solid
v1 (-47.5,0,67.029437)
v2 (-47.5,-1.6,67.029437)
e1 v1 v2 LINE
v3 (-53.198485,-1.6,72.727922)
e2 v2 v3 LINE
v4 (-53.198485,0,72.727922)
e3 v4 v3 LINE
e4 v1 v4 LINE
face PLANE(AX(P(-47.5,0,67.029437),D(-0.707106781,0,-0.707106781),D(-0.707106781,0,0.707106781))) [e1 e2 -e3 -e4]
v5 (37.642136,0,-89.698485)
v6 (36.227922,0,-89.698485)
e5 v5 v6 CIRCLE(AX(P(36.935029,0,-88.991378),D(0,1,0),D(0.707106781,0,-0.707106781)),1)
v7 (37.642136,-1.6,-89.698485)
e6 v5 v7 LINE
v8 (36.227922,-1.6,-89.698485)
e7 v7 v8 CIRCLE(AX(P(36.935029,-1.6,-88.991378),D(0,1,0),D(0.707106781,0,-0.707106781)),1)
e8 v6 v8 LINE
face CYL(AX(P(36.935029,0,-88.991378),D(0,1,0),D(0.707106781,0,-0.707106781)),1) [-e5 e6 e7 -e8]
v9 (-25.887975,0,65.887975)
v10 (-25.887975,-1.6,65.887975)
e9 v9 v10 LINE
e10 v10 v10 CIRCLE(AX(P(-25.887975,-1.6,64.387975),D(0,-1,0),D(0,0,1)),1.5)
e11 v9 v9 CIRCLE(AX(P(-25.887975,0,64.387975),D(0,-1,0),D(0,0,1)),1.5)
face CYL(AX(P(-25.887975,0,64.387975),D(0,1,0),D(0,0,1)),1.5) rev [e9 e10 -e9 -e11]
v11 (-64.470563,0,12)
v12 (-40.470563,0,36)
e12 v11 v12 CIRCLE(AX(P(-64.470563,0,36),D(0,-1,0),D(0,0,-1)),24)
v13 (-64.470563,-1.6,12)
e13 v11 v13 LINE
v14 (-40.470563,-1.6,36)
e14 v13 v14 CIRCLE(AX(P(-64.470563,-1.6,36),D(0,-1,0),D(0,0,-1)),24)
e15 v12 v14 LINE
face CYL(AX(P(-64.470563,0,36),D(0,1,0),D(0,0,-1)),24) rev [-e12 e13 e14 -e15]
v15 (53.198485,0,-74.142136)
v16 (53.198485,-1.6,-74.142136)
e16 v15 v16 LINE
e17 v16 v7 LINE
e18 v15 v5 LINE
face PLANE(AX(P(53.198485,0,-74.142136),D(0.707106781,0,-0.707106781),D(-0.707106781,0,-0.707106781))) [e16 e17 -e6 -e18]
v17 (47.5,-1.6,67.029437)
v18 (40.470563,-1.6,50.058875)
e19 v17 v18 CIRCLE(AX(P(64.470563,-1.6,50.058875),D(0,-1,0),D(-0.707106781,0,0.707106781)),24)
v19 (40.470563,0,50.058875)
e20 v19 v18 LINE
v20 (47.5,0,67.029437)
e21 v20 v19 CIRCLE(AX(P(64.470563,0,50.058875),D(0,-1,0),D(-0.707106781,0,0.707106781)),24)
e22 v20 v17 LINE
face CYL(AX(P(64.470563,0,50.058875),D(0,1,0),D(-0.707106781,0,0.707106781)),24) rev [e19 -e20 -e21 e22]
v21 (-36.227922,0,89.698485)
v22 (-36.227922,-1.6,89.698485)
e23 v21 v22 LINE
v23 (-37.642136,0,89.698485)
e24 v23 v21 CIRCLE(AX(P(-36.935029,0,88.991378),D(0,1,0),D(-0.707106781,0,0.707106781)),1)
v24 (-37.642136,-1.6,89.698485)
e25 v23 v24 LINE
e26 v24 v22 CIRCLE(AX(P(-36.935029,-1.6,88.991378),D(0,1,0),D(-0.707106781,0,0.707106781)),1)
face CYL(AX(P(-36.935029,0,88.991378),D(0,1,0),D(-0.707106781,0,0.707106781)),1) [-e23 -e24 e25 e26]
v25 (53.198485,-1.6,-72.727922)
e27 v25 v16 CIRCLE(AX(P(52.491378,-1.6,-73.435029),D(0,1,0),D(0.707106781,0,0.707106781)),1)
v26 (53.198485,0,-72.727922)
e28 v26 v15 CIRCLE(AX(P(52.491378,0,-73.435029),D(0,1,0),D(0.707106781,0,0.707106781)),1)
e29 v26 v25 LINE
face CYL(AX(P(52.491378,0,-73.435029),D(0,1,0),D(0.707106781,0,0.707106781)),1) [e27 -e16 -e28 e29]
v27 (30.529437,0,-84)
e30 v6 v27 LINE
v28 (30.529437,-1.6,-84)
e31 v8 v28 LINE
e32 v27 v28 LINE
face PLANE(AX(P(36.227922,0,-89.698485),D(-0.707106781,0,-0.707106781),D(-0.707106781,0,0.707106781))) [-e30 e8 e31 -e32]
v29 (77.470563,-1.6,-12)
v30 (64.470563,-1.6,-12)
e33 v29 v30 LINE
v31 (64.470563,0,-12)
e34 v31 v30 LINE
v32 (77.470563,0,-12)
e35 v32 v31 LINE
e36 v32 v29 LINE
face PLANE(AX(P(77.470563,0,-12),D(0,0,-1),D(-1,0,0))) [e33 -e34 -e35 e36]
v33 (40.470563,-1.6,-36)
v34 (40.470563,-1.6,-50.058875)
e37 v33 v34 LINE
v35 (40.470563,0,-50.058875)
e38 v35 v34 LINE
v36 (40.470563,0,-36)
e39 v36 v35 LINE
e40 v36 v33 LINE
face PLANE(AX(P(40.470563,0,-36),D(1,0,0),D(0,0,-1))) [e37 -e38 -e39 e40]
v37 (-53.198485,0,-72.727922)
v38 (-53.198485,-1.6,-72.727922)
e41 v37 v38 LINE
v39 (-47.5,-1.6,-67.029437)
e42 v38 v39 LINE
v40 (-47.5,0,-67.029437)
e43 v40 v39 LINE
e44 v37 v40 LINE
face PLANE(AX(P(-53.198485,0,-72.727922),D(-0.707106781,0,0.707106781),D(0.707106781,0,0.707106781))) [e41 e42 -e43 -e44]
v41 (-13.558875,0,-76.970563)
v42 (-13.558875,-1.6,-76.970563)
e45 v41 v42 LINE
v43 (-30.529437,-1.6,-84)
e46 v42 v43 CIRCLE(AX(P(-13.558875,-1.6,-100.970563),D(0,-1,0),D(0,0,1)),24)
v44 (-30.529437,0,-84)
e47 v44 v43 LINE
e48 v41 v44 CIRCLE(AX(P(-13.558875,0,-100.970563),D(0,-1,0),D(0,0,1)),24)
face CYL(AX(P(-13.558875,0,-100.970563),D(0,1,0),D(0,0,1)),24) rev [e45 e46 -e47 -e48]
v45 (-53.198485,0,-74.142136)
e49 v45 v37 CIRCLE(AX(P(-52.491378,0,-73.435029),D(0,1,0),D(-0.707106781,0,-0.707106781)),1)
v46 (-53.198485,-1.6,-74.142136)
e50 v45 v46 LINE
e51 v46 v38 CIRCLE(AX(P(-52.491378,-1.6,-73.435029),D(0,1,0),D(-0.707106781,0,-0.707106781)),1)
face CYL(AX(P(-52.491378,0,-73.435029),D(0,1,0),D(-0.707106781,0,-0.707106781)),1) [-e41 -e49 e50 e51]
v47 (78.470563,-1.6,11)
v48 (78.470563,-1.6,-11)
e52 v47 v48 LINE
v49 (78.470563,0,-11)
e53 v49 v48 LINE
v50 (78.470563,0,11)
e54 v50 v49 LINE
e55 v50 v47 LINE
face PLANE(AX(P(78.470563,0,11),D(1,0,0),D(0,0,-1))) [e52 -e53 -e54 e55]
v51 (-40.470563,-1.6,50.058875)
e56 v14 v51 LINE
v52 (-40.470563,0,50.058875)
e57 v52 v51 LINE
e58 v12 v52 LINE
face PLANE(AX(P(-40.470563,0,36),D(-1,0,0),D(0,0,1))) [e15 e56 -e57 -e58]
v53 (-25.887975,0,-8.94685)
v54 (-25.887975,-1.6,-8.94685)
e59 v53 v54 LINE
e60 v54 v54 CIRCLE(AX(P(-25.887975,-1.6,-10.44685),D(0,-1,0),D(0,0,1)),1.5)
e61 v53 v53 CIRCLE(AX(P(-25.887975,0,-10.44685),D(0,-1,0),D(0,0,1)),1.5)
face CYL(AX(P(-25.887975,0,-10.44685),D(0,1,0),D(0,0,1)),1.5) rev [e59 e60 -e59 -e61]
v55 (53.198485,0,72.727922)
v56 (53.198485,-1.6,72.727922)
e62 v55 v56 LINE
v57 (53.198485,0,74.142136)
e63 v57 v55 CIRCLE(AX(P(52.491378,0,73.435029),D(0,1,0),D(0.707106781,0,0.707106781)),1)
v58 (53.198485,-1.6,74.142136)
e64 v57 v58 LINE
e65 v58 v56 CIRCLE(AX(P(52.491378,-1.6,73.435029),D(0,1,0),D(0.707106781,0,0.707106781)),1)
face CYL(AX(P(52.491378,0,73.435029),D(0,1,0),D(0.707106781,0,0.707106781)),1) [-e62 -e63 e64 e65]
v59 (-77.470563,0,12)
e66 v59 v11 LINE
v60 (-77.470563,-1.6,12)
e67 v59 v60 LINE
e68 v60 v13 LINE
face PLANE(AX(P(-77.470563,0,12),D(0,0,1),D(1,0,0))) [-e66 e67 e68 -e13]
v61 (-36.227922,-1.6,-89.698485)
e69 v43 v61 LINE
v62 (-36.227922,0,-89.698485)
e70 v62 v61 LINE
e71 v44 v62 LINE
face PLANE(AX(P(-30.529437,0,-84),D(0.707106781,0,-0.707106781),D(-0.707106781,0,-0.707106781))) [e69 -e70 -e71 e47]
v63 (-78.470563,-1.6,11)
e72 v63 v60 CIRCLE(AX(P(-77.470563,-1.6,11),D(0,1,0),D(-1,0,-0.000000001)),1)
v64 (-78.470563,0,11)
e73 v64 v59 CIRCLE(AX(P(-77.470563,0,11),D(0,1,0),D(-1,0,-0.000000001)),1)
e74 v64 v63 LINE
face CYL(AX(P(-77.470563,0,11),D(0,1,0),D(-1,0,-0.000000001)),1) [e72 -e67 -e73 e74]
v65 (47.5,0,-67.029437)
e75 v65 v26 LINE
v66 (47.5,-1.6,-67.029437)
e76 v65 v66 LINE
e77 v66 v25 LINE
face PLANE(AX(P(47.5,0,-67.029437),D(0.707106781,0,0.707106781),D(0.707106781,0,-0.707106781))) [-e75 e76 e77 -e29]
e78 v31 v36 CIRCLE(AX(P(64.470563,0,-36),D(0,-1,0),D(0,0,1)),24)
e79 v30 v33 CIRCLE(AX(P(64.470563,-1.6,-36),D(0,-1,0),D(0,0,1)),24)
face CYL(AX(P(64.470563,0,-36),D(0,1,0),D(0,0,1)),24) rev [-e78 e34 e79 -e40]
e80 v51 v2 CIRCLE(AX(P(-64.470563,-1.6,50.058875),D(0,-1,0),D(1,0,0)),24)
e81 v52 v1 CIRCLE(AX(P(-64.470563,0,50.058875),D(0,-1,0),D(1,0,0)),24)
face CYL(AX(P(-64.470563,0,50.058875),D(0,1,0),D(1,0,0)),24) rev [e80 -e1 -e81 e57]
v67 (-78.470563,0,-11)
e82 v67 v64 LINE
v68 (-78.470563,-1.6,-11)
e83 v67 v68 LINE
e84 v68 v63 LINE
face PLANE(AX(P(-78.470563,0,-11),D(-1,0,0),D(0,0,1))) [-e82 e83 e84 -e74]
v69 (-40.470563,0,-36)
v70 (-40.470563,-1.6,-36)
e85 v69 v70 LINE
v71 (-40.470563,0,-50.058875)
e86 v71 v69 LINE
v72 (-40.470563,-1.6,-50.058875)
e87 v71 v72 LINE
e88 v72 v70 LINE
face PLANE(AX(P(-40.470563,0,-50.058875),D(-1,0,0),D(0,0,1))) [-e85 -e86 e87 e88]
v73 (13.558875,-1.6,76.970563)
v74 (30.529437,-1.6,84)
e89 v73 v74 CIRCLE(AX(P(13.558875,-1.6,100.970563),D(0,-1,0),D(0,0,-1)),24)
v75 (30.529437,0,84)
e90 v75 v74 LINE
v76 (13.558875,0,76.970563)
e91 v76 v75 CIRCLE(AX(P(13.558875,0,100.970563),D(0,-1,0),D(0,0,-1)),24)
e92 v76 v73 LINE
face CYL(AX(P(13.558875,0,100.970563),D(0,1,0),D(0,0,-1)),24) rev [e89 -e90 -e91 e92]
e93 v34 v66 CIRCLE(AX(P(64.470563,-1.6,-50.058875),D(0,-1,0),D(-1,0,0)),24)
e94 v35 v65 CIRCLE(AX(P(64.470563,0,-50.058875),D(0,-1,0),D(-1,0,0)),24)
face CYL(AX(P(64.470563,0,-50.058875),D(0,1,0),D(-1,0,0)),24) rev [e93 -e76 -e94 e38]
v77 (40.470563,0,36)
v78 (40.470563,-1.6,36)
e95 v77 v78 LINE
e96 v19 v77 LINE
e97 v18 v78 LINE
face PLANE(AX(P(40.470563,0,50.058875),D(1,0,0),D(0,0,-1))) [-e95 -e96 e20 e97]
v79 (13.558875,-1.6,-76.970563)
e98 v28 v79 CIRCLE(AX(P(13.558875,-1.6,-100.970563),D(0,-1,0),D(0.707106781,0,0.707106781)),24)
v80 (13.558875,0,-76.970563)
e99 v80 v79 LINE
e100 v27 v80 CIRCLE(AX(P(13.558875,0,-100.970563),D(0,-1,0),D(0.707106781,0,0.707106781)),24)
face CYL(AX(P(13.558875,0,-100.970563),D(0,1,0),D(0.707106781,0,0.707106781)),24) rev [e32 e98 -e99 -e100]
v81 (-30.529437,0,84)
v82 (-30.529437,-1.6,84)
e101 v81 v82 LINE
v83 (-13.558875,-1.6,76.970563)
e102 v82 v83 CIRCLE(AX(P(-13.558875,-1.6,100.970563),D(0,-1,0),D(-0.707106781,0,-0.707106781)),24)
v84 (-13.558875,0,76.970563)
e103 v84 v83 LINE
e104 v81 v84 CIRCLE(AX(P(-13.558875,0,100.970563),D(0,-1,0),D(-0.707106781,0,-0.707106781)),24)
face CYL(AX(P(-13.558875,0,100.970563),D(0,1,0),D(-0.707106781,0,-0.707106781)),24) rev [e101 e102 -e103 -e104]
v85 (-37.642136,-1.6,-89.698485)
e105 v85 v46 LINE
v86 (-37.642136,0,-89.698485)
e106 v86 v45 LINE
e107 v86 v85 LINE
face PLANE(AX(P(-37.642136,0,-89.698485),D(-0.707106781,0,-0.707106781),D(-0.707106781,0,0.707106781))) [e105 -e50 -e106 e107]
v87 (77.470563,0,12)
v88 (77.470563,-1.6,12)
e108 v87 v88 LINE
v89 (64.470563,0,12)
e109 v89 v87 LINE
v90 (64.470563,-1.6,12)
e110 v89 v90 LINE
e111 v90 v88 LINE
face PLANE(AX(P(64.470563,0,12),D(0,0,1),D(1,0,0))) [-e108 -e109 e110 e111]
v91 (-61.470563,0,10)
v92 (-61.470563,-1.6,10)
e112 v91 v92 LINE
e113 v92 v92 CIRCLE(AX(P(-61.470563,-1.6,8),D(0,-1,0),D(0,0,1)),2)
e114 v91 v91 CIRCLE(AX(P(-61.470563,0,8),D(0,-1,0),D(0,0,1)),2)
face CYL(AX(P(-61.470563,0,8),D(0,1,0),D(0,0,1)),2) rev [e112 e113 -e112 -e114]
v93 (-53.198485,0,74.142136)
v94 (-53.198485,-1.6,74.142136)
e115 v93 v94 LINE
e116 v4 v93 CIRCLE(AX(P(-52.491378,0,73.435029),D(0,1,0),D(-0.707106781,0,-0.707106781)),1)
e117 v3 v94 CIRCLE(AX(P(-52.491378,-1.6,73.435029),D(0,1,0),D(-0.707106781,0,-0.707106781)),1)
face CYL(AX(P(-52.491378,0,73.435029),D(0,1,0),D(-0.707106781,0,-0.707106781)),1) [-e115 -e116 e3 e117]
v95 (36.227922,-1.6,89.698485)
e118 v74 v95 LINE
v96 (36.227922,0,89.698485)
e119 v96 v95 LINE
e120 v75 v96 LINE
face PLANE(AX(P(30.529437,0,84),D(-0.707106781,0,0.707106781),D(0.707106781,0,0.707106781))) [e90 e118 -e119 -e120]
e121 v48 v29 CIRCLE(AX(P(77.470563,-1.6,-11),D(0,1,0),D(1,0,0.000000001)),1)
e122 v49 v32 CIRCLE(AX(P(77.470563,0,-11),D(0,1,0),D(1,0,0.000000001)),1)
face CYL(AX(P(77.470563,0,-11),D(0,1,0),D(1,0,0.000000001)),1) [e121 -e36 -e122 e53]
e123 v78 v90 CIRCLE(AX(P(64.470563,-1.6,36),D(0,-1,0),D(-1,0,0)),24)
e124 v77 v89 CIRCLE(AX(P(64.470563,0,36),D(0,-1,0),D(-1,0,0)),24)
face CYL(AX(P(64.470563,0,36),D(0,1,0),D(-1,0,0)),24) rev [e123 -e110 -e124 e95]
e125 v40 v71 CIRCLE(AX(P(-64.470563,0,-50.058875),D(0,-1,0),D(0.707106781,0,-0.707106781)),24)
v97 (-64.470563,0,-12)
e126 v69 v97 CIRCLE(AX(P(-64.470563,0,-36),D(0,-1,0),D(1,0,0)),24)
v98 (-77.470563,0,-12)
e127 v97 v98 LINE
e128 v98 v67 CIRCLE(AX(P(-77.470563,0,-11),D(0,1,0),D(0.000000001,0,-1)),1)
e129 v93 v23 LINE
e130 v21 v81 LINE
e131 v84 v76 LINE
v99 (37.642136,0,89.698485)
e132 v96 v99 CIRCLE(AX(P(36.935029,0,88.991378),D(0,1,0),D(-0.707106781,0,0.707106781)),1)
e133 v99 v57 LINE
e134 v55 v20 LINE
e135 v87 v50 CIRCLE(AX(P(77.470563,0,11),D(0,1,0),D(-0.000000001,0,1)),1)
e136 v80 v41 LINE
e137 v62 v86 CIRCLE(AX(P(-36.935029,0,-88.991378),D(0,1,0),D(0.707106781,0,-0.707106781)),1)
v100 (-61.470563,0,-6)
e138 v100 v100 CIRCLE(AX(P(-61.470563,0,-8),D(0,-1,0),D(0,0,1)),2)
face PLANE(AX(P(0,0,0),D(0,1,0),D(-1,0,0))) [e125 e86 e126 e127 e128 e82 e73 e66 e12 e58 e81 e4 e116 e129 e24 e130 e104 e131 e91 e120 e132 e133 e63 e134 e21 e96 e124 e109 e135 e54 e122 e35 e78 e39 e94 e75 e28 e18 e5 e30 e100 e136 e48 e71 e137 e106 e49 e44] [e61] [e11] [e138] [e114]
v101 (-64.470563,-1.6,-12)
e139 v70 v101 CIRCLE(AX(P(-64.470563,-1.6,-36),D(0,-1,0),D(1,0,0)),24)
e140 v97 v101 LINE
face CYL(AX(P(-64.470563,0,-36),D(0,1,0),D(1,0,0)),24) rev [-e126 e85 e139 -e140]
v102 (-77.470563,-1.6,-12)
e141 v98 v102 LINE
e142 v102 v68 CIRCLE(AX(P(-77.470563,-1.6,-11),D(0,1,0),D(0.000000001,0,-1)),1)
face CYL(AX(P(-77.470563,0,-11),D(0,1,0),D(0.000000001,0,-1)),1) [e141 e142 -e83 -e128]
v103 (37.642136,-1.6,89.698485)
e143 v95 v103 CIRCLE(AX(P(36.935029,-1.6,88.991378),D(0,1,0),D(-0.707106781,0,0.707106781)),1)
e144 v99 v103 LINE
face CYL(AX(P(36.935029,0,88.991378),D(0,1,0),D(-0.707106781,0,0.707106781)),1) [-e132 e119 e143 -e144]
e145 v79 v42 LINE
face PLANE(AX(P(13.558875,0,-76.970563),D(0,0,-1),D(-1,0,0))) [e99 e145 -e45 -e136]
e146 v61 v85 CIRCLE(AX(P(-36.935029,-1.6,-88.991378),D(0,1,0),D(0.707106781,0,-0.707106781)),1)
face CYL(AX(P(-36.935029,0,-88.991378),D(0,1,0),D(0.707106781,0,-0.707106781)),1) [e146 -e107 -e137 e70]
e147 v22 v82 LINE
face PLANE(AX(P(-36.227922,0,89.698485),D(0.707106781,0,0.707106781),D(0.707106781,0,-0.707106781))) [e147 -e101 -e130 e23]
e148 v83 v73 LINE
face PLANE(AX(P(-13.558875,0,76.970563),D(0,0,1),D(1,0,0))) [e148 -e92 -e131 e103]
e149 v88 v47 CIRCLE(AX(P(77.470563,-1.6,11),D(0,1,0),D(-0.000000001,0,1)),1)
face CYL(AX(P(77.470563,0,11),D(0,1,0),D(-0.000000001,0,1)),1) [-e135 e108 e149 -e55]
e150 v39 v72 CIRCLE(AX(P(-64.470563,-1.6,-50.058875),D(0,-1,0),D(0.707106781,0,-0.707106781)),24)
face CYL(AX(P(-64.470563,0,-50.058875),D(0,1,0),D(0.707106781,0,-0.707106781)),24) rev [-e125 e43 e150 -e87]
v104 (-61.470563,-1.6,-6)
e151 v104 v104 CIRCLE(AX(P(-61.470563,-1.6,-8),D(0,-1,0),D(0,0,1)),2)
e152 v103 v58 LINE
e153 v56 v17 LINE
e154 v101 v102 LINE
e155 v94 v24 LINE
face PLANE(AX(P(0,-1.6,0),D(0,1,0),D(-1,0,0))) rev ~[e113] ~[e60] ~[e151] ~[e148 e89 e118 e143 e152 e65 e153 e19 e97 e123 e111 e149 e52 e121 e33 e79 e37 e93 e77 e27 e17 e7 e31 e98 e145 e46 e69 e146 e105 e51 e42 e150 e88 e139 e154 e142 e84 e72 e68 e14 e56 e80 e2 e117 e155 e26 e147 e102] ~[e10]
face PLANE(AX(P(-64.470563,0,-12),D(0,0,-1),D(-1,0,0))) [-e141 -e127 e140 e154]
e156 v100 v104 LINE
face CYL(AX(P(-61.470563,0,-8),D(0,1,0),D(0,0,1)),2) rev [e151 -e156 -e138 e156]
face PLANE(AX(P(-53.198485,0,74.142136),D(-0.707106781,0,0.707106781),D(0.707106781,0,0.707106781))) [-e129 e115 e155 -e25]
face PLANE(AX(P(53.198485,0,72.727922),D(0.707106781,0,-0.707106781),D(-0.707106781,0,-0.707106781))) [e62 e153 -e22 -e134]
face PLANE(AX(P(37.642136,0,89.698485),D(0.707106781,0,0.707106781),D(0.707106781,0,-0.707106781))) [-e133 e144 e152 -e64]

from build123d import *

# Parameters (mm, degrees)
SKETCH_8_R      = 2
SKETCH_8_R_2    = 1.5
EXTRUDE_1_DEPTH = 1.6


with BuildPart() as part:
    # 草图8 → 凸台-拉伸1 (new body)
    with BuildSketch(Plane.XZ):
        with BuildLine():
            Line((30.529437252, 84), (36.227922061, 89.69848481))
            ThreePointArc((36.227922061, 89.69848481), (36.935028843, 89.991378029), (37.642135624, 89.69848481))
            Line((37.642135624, 89.69848481), (53.19848481, 74.142135624))
            ThreePointArc((53.19848481, 74.142135624), (53.491378029, 73.435028843), (53.19848481, 72.727922061))
            Line((53.19848481, 72.727922061), (47.5, 67.029437252))
            ThreePointArc((47.5, 67.029437252), (42.297453968, 59.24327688), (40.470562748, 50.058874503))
            Line((40.470562748, 50.058874503), (40.470562748, 36))
            ThreePointArc((40.470562748, 36), (47.5, 19.029437252), (64.470562748, 12))
            Line((64.470562748, 12), (77.470562748, 12))
            ThreePointArc((77.470562748, 12), (78.17766953, 11.707106781), (78.470562748, 11))
            Line((78.470562748, 11), (78.470562748, -11))
            ThreePointArc((78.470562748, -11), (78.17766953, -11.707106781), (77.470562748, -12))
            Line((77.470562748, -12), (64.470562748, -12))
            ThreePointArc((64.470562748, -12), (47.5, -19.029437252), (40.470562748, -36))
            Line((40.470562748, -36), (40.470562748, -50.058874503))
            ThreePointArc((40.470562748, -50.058874503), (42.297453968, -59.24327688), (47.5, -67.029437252))
            Line((47.5, -67.029437252), (53.19848481, -72.727922061))
            ThreePointArc((53.19848481, -72.727922061), (53.491378029, -73.435028843), (53.19848481, -74.142135624))
            Line((53.19848481, -74.142135624), (37.642135624, -89.69848481))
            ThreePointArc((37.642135624, -89.69848481), (36.935028843, -89.991378029), (36.227922061, -89.69848481))
            Line((36.227922061, -89.69848481), (30.529437252, -84))
            ThreePointArc((30.529437252, -84), (22.74327688, -78.797453968), (13.558874503, -76.970562748))
            Line((13.558874503, -76.970562748), (-13.558874503, -76.970562748))
            ThreePointArc((-13.558874503, -76.970562748), (-22.74327688, -78.797453968), (-30.529437252, -84))
            Line((-30.529437252, -84), (-36.227922061, -89.69848481))
            ThreePointArc((-36.227922061, -89.69848481), (-36.935028843, -89.991378029), (-37.642135624, -89.69848481))
            Line((-37.642135624, -89.69848481), (-53.19848481, -74.142135624))
            ThreePointArc((-53.19848481, -74.142135624), (-53.491378029, -73.435028843), (-53.19848481, -72.727922061))
            Line((-53.19848481, -72.727922061), (-47.5, -67.029437252))
            ThreePointArc((-47.5, -67.029437252), (-42.297453968, -59.24327688), (-40.470562748, -50.058874503))
            Line((-40.470562748, -50.058874503), (-40.470562748, -36))
            ThreePointArc((-40.470562748, -36), (-47.5, -19.029437252), (-64.470562748, -12))
            Line((-64.470562748, -12), (-77.470562748, -12))
            ThreePointArc((-77.470562748, -12), (-78.17766953, -11.707106781), (-78.470562748, -11))
            Line((-78.470562748, -11), (-78.470562748, 11))
            ThreePointArc((-78.470562748, 11), (-78.17766953, 11.707106781), (-77.470562748, 12))
            Line((-77.470562748, 12), (-64.470562748, 12))
            ThreePointArc((-64.470562748, 12), (-47.5, 19.029437252), (-40.470562748, 36))
            Line((-40.470562748, 36), (-40.470562748, 50.058874503))
            ThreePointArc((-40.470562748, 50.058874503), (-42.297453968, 59.24327688), (-47.5, 67.029437252))
            Line((-47.5, 67.029437252), (-53.19848481, 72.727922061))
            ThreePointArc((-53.19848481, 72.727922061), (-53.491378029, 73.435028843), (-53.19848481, 74.142135624))
            Line((-53.19848481, 74.142135624), (-37.642135624, 89.69848481))
            ThreePointArc((-37.642135624, 89.69848481), (-36.935028843, 89.991378029), (-36.227922061, 89.69848481))
            Line((-36.227922061, 89.69848481), (-30.529437252, 84))
            ThreePointArc((-30.529437252, 84), (-22.74327688, 78.797453968), (-13.558874503, 76.970562748))
            Line((-13.558874503, 76.970562748), (13.558874503, 76.970562748))
            ThreePointArc((13.558874503, 76.970562748), (22.74327688, 78.797453968), (30.529437252, 84))
        make_face()
        with Locations(Location((-61.470562748, 8, 0), (0, 0, 90))):
            Circle(SKETCH_8_R, mode=Mode.SUBTRACT)
        with Locations(Location((-25.887975085, -10.446849588, 0), (0, 0, 90))):
            Circle(SKETCH_8_R_2, mode=Mode.SUBTRACT)
        with Locations(Location((-25.887975085, 64.387975085, 0), (0, 0, 90))):
            Circle(SKETCH_8_R_2, mode=Mode.SUBTRACT)
        with Locations(Location((-61.470562748, -8, 0), (0, 0, 90))):
            Circle(SKETCH_8_R, mode=Mode.SUBTRACT)
    extrude(amount=EXTRUDE_1_DEPTH)


solid = part.part
